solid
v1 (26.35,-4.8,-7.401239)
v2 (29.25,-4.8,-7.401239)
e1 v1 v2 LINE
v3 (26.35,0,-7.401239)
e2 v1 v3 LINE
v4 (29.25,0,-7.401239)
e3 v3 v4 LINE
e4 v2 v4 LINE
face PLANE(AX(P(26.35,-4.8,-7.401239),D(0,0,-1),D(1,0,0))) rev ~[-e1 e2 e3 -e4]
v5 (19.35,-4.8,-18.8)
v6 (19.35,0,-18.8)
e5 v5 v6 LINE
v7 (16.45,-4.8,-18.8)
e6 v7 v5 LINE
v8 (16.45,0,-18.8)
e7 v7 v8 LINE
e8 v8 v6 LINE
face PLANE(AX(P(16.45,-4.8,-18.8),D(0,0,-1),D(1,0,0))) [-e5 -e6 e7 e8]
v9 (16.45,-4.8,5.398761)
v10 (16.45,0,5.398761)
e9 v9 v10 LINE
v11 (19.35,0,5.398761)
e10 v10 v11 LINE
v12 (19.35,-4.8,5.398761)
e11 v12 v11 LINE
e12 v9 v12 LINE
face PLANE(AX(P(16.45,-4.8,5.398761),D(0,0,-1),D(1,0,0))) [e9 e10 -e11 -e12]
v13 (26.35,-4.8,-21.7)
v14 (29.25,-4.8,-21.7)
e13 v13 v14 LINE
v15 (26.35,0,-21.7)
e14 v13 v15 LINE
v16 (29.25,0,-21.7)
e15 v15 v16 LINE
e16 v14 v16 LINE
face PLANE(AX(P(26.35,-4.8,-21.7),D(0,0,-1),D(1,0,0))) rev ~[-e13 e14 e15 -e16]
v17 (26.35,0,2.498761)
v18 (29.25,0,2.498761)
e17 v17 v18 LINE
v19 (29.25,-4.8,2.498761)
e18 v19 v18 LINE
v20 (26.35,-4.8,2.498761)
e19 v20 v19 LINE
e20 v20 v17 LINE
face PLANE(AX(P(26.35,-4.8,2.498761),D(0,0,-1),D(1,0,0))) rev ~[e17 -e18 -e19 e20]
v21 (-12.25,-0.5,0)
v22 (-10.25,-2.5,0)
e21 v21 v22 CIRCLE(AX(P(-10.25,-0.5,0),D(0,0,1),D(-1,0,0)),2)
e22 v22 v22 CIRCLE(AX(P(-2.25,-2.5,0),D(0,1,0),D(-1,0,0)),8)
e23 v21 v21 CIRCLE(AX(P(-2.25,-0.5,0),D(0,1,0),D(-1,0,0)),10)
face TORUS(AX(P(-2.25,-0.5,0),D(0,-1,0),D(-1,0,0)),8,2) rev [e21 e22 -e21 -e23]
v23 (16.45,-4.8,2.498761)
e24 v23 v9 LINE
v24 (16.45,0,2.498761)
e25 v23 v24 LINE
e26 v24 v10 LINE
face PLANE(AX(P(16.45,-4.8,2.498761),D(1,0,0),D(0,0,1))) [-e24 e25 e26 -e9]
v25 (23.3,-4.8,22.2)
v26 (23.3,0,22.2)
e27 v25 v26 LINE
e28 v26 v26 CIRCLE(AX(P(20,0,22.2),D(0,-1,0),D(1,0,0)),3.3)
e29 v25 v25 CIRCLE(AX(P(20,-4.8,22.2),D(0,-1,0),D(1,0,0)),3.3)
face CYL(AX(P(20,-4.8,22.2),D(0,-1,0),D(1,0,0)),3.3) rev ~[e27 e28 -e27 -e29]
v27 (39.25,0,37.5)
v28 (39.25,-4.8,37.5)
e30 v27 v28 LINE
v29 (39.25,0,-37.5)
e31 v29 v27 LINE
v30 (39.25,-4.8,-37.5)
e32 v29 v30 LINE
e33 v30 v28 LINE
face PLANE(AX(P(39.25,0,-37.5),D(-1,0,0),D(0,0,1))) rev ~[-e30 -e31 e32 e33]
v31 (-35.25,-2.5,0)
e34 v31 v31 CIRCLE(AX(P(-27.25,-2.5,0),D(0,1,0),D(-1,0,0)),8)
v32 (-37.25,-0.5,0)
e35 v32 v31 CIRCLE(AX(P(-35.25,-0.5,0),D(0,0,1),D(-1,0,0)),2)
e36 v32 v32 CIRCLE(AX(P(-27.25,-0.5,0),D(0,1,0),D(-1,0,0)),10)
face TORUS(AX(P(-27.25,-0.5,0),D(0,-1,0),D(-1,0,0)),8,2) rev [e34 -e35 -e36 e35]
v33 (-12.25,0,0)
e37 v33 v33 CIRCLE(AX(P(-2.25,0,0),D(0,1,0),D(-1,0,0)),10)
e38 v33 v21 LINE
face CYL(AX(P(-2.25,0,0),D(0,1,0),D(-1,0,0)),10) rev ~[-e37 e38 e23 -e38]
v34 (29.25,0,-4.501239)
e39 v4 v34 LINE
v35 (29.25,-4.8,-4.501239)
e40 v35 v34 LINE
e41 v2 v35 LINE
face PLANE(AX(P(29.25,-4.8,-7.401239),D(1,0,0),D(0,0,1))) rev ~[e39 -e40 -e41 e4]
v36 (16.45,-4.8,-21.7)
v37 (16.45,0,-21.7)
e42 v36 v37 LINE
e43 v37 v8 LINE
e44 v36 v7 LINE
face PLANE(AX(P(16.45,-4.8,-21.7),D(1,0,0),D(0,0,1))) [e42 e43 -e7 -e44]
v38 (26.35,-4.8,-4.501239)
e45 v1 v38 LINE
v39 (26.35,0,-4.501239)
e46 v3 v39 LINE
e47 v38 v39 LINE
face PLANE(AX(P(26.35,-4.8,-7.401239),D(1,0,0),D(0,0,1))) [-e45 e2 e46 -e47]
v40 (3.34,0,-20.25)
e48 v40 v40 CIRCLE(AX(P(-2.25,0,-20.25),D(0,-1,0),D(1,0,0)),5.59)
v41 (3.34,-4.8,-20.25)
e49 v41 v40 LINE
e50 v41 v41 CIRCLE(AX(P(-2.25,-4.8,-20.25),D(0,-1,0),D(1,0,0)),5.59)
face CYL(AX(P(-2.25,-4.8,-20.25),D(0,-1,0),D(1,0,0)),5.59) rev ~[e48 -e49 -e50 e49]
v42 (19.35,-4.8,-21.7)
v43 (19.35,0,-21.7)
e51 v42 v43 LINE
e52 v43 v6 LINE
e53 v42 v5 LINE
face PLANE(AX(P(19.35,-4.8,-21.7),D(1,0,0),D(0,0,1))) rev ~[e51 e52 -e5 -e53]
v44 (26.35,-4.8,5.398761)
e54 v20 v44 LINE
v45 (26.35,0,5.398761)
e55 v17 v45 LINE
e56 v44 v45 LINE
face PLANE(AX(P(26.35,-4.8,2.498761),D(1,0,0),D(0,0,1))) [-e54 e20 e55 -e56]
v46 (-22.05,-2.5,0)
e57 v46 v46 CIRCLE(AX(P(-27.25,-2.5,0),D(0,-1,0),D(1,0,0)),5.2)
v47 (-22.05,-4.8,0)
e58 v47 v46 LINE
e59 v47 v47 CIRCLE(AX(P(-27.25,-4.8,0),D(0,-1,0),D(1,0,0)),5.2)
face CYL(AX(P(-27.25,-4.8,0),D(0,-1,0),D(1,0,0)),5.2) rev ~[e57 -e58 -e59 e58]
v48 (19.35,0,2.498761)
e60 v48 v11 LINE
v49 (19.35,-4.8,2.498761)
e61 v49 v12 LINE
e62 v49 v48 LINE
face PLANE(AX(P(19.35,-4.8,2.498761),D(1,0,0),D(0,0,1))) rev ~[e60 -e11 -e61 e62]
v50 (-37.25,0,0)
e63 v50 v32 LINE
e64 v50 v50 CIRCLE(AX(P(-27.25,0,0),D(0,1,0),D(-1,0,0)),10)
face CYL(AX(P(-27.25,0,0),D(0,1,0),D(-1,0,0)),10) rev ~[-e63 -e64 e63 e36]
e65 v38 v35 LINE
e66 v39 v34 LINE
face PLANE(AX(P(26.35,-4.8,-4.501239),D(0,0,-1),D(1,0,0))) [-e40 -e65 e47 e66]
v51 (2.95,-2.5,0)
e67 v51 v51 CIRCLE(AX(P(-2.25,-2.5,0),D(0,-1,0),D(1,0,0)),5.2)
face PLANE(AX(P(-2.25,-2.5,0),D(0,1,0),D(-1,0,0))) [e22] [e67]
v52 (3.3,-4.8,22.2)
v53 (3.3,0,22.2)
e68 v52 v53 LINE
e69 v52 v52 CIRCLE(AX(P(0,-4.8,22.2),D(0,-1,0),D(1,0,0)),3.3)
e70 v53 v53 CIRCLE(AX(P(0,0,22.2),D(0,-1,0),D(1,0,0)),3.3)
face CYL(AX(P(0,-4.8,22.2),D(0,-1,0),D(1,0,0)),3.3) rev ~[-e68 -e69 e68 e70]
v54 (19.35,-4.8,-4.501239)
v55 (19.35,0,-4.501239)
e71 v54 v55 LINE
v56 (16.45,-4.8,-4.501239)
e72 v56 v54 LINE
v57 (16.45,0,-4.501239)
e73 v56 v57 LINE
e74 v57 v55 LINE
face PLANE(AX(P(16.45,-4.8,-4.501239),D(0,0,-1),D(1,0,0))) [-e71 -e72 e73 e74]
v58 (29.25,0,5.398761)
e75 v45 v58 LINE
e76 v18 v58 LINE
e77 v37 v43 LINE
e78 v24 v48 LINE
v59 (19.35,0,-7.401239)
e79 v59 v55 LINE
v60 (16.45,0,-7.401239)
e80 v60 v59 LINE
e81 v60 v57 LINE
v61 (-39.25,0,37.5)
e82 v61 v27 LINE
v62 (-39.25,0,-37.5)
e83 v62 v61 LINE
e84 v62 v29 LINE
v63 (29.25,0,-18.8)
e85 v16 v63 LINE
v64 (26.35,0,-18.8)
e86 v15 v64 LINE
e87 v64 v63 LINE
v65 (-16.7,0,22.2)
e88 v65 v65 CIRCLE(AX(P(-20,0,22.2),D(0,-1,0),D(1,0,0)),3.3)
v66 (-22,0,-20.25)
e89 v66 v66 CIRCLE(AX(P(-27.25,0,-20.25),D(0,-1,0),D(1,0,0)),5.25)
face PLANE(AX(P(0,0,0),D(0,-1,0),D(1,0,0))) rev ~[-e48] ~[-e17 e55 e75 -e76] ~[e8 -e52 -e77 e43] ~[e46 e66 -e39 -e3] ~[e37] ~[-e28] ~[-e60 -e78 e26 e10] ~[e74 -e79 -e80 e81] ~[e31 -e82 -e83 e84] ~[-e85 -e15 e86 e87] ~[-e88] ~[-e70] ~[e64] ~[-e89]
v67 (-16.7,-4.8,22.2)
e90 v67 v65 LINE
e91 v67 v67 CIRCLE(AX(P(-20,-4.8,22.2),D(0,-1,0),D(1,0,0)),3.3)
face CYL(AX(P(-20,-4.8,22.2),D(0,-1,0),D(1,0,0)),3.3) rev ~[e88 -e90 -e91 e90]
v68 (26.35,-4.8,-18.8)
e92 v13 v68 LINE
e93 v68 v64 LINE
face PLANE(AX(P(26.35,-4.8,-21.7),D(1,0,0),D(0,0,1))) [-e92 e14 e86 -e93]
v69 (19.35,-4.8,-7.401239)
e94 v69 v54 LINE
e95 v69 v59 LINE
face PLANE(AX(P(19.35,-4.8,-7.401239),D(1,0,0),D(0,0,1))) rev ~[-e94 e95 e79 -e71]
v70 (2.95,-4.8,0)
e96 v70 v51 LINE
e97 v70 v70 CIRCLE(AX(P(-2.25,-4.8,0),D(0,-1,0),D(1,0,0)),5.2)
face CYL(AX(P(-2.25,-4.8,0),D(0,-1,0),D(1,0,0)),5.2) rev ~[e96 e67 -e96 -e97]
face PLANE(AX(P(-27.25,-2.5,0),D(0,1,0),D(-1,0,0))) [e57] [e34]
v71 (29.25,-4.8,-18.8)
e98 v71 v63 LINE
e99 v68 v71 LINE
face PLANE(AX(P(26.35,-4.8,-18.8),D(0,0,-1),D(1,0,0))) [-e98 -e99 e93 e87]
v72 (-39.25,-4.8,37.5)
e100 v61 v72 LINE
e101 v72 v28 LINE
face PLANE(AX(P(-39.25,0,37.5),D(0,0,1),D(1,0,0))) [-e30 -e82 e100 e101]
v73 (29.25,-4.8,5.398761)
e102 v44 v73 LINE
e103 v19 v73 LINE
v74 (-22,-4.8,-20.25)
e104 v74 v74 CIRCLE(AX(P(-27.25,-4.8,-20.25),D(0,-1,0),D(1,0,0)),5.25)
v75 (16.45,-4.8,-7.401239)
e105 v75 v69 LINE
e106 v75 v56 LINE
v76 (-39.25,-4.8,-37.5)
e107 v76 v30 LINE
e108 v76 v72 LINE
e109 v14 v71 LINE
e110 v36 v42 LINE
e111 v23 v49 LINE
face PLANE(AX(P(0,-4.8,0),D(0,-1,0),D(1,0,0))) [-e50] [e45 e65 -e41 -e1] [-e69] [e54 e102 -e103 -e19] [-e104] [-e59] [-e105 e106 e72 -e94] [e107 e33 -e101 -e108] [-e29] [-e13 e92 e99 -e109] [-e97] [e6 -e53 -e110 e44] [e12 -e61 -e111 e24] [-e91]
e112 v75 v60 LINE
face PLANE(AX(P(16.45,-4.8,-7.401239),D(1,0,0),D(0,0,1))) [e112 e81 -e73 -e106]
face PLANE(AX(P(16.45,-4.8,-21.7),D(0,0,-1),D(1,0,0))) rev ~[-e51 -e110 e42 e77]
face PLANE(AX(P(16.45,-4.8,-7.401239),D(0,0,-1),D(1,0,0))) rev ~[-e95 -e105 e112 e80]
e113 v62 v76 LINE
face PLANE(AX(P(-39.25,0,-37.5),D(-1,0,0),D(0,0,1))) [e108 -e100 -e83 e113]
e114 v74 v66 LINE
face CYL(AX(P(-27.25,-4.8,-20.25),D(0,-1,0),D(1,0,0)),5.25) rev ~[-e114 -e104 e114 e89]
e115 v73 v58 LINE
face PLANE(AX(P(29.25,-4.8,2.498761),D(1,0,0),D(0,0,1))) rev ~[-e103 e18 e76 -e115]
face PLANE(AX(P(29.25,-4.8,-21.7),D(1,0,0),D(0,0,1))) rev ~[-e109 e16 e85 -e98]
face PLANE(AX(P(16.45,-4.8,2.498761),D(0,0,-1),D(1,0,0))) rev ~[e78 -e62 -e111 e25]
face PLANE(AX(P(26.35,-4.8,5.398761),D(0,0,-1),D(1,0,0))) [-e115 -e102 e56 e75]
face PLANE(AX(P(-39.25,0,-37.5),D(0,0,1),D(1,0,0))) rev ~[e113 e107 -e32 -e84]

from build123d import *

# Parameters (mm, degrees)
F0_W     = 78.5
F0_H     = 75
F1_DEPTH = 4.8
F2_R     = 5.2
F2_R_2   = 5.25
F2_R_3   = 5.59
F2_R_4   = 3.3
F2_W     = 2.9
F2_H     = 2.9
F3_DEPTH = 4.801
F4_R     = 10
F5_DEPTH = 2.5
F6_R     = 2


with BuildPart() as f1:
    # F0 (on Front) → F1 (new body)
    with BuildSketch(Plane.XZ):
        Rectangle(F0_W, F0_H)
    extrude(amount=F1_DEPTH)

    # F2 (on face) → F3 (cut, through all)
    with BuildSketch(Plane.XZ.offset(4.8)):
        with Locations((-27.25, 0)):
            Circle(F2_R)
        with Locations((-27.25, -20.25)):
            Circle(F2_R_2)
        with Locations((-2.25, -20.25)):
            Circle(F2_R_3)
        with Locations((-2.25, 0)):
            Circle(F2_R)
        with Locations((0, 22.2)):
            Circle(F2_R_4)
        with Locations((-20, 22.2)):
            Circle(F2_R_4)
        with Locations((20, 22.2)):
            Circle(F2_R_4)
        with Locations((17.9, 3.948761)):
            Rectangle(F2_W, F2_H)
        with Locations((27.8, 3.948761)):
            Rectangle(F2_W, F2_H)
        with Locations((17.9, -5.951239)):
            Rectangle(F2_W, F2_H)
        with Locations((27.8, -5.951239)):
            Rectangle(F2_W, F2_H)
        with Locations((17.9, -20.25)):
            Rectangle(F2_W, F2_H)
        with Locations((27.8, -20.25)):
            Rectangle(F2_W, F2_H)
    extrude(amount=-F3_DEPTH, mode=Mode.SUBTRACT)

    # F4 (on face) → F5 (cut)
    with BuildSketch(Plane(origin=(0, 0, 0), x_dir=(-1, 0, 0), z_dir=(0, 1, 0))):
        with Locations((2.25, 0)):
            Circle(F4_R)
        with Locations((27.25, 0)):
            Circle(F4_R)
    extrude(amount=-F5_DEPTH, mode=Mode.SUBTRACT)

    # F6
    f6_edges = [f1.edges().sort_by_distance(p)[0] for p in [
        (7.75, -2.5, 0),
        (-17.25, -2.5, 0),
    ]]
    fillet(f6_edges, radius=F6_R)


solid = f1.part
